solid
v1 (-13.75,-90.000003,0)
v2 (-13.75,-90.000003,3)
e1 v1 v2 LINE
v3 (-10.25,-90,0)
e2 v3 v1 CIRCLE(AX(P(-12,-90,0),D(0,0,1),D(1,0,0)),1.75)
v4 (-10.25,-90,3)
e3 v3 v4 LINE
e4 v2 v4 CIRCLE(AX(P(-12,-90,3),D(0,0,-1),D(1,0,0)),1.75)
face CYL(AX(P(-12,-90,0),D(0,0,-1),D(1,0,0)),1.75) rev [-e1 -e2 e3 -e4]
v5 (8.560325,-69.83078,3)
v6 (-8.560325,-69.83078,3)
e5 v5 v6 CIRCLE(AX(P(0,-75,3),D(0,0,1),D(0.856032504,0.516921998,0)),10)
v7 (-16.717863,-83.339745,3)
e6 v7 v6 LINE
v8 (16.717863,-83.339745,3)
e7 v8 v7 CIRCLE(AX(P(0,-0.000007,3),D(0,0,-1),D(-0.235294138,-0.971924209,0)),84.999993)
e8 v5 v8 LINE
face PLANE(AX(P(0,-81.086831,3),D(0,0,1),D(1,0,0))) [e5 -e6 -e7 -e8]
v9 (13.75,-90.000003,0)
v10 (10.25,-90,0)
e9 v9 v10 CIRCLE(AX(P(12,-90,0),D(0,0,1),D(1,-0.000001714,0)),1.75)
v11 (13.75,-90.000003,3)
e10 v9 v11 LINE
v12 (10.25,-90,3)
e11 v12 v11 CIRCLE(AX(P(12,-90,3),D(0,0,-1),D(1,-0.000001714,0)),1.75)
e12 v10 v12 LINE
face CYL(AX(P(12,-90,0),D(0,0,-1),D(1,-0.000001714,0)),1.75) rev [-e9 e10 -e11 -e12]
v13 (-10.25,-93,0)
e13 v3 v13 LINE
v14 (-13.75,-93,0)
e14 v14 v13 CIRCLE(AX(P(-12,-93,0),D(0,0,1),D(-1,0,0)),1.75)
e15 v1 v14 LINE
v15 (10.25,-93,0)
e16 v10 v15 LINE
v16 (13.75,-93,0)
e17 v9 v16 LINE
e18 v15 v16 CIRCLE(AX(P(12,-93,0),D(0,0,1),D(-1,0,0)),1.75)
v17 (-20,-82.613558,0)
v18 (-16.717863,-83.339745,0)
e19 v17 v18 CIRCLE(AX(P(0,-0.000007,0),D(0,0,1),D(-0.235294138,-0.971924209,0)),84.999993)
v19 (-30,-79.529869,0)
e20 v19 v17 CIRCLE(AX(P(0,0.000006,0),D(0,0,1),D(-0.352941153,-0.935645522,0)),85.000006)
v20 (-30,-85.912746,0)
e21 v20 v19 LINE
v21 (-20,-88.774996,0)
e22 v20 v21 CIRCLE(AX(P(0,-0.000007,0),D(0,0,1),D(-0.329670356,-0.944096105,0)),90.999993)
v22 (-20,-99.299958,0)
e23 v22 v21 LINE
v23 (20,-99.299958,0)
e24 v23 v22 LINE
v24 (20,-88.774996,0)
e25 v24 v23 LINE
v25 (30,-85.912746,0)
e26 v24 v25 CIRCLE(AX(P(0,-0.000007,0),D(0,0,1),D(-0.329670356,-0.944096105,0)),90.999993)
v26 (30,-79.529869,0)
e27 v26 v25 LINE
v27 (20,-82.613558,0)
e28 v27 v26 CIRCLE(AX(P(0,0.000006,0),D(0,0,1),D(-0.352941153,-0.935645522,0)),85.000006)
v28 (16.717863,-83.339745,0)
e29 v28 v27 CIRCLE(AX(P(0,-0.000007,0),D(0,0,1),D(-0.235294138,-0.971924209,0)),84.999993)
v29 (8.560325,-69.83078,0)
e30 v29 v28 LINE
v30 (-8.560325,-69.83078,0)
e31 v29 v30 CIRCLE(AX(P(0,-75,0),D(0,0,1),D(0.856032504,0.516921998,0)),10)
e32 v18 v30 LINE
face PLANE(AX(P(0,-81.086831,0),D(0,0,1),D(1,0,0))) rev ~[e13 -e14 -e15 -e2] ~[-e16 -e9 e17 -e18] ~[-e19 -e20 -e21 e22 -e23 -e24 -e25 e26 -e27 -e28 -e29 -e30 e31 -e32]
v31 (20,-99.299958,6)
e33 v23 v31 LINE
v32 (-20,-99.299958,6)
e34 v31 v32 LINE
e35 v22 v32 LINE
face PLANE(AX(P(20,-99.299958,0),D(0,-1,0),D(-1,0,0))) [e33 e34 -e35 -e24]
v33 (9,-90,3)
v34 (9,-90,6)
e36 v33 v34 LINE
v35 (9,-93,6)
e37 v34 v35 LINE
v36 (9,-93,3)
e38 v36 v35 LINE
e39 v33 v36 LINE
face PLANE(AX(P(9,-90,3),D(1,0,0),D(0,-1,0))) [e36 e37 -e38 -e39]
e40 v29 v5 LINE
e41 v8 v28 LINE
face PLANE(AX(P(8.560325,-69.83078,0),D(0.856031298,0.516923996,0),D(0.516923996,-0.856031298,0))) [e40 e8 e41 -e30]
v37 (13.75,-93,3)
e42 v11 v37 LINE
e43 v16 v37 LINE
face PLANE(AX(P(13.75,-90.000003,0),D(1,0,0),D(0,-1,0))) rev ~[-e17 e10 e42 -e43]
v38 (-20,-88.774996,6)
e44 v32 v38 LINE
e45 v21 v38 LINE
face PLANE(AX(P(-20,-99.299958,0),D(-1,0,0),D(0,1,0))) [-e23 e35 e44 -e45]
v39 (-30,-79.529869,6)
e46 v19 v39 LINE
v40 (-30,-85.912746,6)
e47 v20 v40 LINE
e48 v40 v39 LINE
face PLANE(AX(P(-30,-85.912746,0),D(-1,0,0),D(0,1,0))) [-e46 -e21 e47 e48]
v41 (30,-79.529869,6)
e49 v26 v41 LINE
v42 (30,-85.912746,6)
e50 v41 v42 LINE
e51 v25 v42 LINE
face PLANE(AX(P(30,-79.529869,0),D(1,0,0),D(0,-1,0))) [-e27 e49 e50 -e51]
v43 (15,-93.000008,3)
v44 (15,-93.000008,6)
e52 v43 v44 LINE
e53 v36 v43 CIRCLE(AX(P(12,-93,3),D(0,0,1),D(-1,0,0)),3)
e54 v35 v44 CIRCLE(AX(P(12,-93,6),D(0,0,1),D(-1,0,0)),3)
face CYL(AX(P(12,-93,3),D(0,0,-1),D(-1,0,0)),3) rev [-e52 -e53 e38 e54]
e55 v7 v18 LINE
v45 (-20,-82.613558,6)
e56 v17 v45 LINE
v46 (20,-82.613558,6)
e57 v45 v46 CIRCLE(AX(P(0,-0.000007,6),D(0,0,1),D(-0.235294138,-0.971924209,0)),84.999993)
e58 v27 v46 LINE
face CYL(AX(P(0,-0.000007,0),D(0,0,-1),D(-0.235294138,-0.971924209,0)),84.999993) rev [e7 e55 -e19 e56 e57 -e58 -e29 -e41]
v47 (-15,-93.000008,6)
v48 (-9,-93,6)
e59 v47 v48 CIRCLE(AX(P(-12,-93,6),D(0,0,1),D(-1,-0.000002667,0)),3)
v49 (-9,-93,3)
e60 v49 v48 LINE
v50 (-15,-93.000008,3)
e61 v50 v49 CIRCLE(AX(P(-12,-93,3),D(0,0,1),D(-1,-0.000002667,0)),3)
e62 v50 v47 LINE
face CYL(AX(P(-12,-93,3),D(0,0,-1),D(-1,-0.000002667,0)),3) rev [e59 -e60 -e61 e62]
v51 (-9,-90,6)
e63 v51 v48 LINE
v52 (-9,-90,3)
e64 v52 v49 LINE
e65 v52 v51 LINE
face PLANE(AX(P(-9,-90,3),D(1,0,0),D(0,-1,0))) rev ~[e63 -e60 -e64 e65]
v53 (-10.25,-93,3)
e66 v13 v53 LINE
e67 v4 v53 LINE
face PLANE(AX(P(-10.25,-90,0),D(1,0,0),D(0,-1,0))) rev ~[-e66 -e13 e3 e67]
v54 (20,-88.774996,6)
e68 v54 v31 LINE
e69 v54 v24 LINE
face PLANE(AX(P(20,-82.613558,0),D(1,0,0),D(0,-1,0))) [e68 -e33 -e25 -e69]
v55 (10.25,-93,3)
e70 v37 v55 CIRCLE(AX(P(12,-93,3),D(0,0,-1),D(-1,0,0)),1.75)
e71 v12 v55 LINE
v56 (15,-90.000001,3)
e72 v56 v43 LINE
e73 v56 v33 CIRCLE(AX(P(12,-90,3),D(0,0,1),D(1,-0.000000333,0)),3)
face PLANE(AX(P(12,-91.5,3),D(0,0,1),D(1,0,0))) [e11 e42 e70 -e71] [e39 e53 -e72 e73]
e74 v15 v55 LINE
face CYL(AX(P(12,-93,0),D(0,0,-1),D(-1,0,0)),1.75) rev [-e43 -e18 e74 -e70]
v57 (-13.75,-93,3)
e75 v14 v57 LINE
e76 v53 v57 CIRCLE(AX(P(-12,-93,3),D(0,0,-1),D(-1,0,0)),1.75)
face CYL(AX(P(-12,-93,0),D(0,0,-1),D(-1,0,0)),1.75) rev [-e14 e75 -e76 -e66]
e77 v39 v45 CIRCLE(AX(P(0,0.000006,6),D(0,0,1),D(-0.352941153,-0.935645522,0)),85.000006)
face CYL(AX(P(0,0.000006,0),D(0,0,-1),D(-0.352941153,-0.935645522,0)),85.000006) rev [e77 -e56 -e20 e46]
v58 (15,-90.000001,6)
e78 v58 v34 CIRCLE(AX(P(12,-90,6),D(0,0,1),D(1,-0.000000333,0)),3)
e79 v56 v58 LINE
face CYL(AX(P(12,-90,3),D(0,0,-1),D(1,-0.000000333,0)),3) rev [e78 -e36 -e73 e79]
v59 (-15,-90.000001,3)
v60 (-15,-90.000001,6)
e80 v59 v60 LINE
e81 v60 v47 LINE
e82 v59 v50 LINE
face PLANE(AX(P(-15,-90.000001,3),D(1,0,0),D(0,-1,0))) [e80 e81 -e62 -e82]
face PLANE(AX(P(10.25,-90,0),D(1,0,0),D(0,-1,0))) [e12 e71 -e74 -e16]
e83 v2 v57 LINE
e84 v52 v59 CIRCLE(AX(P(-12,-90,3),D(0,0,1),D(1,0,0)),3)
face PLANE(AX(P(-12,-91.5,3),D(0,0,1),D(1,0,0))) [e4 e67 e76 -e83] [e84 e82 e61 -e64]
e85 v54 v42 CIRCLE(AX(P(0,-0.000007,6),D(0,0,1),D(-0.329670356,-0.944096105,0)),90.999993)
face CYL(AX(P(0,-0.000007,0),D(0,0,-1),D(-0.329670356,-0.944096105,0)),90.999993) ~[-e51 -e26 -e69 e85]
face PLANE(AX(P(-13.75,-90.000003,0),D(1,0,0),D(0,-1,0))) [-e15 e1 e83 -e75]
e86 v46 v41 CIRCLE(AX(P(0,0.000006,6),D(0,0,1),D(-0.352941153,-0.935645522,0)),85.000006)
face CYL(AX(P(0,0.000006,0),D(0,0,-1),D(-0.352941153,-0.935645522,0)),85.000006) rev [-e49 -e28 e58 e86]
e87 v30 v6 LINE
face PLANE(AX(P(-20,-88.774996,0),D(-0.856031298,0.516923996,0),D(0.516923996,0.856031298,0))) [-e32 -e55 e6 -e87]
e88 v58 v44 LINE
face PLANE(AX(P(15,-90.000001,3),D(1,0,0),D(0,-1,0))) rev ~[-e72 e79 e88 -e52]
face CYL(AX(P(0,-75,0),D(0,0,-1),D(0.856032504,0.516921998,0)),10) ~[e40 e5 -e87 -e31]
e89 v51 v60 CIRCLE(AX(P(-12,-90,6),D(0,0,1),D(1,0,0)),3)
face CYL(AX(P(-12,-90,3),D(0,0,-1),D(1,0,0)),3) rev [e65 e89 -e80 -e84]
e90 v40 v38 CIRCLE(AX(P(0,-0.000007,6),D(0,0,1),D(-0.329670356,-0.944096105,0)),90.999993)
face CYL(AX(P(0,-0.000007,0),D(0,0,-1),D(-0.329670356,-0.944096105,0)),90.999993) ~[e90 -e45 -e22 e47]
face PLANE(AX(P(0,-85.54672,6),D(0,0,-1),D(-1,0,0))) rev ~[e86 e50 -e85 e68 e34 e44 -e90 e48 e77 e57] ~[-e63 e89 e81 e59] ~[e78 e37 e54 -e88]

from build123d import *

# Parameters (mm, degrees)
PAD004_DEPTH = 3
PAD_DEPTH    = 6
PAD002_DEPTH = 6
PAD003_DEPTH = 3
PAD001_DEPTH = 6


with BuildPart() as counterborehole_pad:
    # Sketch004 → Pad004 (new body)
    with BuildSketch(Plane.XY.offset(3)):
        with BuildLine():
            ThreePointArc((-15, -93.000008), (-11.999996, -96), (-9, -93))
            Line((-9, -90), (-9, -93))
            ThreePointArc((-9, -90), (-12, -87), (-15, -90.000001))
            Line((-15, -90.000001), (-15, -93.000008))
        make_face()
        with BuildLine():
            ThreePointArc((15, -90.000001), (12, -87), (9, -90))
            Line((9, -90), (9, -93))
            ThreePointArc((9, -93), (11.999996, -96), (15, -93.000008))
            Line((15, -90.000001), (15, -93.000008))
        make_face()
    extrude(amount=PAD004_DEPTH)


with BuildPart() as throughhole_pad:
    # Sketch003 → Pad (new body)
    with BuildSketch(Plane.XY):
        with BuildLine():
            ThreePointArc((-10.25, -90), (-12.000001, -88.25), (-13.75, -90.000003))
            Line((-13.75, -90.000003), (-13.75, -93))
            ThreePointArc((-13.75, -93), (-12, -94.75), (-10.25, -93))
            Line((-10.25, -90), (-10.25, -93))
        make_face()
        with BuildLine():
            ThreePointArc((13.75, -90.000003), (12.000001, -88.25), (10.25, -90))
            Line((10.25, -90), (10.25, -93))
            ThreePointArc((10.25, -93), (12, -94.75), (13.75, -93))
            Line((13.75, -90.000003), (13.75, -93))
        make_face()
    extrude(amount=PAD_DEPTH)


with BuildPart() as frame_pad:
    # Sketch002 → Pad002 (new body)
    with BuildSketch(Plane.XY):
        with BuildLine():
            ThreePointArc((-30, -79.529869), (0, -85), (30, -79.529869))
            Line((30, -79.529869), (30, -85.912746))
            ThreePointArc((-30, -85.912746), (0, -91), (30, -85.912746))
            Line((-30, -85.912746), (-30, -79.529869))
        make_face()
    extrude(amount=PAD002_DEPTH)


with BuildPart() as base_pad:
    # Sketch001 → Pad003 (new body)
    with BuildSketch(Plane.XY):
        with BuildLine():
            ThreePointArc((8.560325, -69.83078), (0, -65), (-8.560325, -69.83078))
            Line((-20, -88.774996), (-8.560325, -69.83078))
            ThreePointArc((-20, -88.774996), (0, -91), (20, -88.774996))
            Line((8.560325, -69.83078), (20, -88.774996))
        make_face()
    extrude(amount=PAD003_DEPTH)


with BuildPart() as counterborehole_cut:
    # Sketch → Pad001 (new body)
    with BuildSketch(Plane.XY):
        with BuildLine():
            ThreePointArc((-20, -82.613558), (0, -85), (20, -82.613558))
            Line((20, -82.613558), (20, -99.299958))
            Line((20, -99.299958), (-20, -99.299958))
            Line((-20, -99.299958), (-20, -82.613558))
        make_face()
    extrude(amount=PAD001_DEPTH)

    # Fusion: union Frame_Pad, Base_Pad
    add(frame_pad.part)
    add(base_pad.part)

    # Cut: cut ThroughHole_Pad
    add(throughhole_pad.part, mode=Mode.SUBTRACT)

    # Cut001: cut CounterboreHole_Pad
    add(counterborehole_pad.part, mode=Mode.SUBTRACT)


solid = counterborehole_cut.part
